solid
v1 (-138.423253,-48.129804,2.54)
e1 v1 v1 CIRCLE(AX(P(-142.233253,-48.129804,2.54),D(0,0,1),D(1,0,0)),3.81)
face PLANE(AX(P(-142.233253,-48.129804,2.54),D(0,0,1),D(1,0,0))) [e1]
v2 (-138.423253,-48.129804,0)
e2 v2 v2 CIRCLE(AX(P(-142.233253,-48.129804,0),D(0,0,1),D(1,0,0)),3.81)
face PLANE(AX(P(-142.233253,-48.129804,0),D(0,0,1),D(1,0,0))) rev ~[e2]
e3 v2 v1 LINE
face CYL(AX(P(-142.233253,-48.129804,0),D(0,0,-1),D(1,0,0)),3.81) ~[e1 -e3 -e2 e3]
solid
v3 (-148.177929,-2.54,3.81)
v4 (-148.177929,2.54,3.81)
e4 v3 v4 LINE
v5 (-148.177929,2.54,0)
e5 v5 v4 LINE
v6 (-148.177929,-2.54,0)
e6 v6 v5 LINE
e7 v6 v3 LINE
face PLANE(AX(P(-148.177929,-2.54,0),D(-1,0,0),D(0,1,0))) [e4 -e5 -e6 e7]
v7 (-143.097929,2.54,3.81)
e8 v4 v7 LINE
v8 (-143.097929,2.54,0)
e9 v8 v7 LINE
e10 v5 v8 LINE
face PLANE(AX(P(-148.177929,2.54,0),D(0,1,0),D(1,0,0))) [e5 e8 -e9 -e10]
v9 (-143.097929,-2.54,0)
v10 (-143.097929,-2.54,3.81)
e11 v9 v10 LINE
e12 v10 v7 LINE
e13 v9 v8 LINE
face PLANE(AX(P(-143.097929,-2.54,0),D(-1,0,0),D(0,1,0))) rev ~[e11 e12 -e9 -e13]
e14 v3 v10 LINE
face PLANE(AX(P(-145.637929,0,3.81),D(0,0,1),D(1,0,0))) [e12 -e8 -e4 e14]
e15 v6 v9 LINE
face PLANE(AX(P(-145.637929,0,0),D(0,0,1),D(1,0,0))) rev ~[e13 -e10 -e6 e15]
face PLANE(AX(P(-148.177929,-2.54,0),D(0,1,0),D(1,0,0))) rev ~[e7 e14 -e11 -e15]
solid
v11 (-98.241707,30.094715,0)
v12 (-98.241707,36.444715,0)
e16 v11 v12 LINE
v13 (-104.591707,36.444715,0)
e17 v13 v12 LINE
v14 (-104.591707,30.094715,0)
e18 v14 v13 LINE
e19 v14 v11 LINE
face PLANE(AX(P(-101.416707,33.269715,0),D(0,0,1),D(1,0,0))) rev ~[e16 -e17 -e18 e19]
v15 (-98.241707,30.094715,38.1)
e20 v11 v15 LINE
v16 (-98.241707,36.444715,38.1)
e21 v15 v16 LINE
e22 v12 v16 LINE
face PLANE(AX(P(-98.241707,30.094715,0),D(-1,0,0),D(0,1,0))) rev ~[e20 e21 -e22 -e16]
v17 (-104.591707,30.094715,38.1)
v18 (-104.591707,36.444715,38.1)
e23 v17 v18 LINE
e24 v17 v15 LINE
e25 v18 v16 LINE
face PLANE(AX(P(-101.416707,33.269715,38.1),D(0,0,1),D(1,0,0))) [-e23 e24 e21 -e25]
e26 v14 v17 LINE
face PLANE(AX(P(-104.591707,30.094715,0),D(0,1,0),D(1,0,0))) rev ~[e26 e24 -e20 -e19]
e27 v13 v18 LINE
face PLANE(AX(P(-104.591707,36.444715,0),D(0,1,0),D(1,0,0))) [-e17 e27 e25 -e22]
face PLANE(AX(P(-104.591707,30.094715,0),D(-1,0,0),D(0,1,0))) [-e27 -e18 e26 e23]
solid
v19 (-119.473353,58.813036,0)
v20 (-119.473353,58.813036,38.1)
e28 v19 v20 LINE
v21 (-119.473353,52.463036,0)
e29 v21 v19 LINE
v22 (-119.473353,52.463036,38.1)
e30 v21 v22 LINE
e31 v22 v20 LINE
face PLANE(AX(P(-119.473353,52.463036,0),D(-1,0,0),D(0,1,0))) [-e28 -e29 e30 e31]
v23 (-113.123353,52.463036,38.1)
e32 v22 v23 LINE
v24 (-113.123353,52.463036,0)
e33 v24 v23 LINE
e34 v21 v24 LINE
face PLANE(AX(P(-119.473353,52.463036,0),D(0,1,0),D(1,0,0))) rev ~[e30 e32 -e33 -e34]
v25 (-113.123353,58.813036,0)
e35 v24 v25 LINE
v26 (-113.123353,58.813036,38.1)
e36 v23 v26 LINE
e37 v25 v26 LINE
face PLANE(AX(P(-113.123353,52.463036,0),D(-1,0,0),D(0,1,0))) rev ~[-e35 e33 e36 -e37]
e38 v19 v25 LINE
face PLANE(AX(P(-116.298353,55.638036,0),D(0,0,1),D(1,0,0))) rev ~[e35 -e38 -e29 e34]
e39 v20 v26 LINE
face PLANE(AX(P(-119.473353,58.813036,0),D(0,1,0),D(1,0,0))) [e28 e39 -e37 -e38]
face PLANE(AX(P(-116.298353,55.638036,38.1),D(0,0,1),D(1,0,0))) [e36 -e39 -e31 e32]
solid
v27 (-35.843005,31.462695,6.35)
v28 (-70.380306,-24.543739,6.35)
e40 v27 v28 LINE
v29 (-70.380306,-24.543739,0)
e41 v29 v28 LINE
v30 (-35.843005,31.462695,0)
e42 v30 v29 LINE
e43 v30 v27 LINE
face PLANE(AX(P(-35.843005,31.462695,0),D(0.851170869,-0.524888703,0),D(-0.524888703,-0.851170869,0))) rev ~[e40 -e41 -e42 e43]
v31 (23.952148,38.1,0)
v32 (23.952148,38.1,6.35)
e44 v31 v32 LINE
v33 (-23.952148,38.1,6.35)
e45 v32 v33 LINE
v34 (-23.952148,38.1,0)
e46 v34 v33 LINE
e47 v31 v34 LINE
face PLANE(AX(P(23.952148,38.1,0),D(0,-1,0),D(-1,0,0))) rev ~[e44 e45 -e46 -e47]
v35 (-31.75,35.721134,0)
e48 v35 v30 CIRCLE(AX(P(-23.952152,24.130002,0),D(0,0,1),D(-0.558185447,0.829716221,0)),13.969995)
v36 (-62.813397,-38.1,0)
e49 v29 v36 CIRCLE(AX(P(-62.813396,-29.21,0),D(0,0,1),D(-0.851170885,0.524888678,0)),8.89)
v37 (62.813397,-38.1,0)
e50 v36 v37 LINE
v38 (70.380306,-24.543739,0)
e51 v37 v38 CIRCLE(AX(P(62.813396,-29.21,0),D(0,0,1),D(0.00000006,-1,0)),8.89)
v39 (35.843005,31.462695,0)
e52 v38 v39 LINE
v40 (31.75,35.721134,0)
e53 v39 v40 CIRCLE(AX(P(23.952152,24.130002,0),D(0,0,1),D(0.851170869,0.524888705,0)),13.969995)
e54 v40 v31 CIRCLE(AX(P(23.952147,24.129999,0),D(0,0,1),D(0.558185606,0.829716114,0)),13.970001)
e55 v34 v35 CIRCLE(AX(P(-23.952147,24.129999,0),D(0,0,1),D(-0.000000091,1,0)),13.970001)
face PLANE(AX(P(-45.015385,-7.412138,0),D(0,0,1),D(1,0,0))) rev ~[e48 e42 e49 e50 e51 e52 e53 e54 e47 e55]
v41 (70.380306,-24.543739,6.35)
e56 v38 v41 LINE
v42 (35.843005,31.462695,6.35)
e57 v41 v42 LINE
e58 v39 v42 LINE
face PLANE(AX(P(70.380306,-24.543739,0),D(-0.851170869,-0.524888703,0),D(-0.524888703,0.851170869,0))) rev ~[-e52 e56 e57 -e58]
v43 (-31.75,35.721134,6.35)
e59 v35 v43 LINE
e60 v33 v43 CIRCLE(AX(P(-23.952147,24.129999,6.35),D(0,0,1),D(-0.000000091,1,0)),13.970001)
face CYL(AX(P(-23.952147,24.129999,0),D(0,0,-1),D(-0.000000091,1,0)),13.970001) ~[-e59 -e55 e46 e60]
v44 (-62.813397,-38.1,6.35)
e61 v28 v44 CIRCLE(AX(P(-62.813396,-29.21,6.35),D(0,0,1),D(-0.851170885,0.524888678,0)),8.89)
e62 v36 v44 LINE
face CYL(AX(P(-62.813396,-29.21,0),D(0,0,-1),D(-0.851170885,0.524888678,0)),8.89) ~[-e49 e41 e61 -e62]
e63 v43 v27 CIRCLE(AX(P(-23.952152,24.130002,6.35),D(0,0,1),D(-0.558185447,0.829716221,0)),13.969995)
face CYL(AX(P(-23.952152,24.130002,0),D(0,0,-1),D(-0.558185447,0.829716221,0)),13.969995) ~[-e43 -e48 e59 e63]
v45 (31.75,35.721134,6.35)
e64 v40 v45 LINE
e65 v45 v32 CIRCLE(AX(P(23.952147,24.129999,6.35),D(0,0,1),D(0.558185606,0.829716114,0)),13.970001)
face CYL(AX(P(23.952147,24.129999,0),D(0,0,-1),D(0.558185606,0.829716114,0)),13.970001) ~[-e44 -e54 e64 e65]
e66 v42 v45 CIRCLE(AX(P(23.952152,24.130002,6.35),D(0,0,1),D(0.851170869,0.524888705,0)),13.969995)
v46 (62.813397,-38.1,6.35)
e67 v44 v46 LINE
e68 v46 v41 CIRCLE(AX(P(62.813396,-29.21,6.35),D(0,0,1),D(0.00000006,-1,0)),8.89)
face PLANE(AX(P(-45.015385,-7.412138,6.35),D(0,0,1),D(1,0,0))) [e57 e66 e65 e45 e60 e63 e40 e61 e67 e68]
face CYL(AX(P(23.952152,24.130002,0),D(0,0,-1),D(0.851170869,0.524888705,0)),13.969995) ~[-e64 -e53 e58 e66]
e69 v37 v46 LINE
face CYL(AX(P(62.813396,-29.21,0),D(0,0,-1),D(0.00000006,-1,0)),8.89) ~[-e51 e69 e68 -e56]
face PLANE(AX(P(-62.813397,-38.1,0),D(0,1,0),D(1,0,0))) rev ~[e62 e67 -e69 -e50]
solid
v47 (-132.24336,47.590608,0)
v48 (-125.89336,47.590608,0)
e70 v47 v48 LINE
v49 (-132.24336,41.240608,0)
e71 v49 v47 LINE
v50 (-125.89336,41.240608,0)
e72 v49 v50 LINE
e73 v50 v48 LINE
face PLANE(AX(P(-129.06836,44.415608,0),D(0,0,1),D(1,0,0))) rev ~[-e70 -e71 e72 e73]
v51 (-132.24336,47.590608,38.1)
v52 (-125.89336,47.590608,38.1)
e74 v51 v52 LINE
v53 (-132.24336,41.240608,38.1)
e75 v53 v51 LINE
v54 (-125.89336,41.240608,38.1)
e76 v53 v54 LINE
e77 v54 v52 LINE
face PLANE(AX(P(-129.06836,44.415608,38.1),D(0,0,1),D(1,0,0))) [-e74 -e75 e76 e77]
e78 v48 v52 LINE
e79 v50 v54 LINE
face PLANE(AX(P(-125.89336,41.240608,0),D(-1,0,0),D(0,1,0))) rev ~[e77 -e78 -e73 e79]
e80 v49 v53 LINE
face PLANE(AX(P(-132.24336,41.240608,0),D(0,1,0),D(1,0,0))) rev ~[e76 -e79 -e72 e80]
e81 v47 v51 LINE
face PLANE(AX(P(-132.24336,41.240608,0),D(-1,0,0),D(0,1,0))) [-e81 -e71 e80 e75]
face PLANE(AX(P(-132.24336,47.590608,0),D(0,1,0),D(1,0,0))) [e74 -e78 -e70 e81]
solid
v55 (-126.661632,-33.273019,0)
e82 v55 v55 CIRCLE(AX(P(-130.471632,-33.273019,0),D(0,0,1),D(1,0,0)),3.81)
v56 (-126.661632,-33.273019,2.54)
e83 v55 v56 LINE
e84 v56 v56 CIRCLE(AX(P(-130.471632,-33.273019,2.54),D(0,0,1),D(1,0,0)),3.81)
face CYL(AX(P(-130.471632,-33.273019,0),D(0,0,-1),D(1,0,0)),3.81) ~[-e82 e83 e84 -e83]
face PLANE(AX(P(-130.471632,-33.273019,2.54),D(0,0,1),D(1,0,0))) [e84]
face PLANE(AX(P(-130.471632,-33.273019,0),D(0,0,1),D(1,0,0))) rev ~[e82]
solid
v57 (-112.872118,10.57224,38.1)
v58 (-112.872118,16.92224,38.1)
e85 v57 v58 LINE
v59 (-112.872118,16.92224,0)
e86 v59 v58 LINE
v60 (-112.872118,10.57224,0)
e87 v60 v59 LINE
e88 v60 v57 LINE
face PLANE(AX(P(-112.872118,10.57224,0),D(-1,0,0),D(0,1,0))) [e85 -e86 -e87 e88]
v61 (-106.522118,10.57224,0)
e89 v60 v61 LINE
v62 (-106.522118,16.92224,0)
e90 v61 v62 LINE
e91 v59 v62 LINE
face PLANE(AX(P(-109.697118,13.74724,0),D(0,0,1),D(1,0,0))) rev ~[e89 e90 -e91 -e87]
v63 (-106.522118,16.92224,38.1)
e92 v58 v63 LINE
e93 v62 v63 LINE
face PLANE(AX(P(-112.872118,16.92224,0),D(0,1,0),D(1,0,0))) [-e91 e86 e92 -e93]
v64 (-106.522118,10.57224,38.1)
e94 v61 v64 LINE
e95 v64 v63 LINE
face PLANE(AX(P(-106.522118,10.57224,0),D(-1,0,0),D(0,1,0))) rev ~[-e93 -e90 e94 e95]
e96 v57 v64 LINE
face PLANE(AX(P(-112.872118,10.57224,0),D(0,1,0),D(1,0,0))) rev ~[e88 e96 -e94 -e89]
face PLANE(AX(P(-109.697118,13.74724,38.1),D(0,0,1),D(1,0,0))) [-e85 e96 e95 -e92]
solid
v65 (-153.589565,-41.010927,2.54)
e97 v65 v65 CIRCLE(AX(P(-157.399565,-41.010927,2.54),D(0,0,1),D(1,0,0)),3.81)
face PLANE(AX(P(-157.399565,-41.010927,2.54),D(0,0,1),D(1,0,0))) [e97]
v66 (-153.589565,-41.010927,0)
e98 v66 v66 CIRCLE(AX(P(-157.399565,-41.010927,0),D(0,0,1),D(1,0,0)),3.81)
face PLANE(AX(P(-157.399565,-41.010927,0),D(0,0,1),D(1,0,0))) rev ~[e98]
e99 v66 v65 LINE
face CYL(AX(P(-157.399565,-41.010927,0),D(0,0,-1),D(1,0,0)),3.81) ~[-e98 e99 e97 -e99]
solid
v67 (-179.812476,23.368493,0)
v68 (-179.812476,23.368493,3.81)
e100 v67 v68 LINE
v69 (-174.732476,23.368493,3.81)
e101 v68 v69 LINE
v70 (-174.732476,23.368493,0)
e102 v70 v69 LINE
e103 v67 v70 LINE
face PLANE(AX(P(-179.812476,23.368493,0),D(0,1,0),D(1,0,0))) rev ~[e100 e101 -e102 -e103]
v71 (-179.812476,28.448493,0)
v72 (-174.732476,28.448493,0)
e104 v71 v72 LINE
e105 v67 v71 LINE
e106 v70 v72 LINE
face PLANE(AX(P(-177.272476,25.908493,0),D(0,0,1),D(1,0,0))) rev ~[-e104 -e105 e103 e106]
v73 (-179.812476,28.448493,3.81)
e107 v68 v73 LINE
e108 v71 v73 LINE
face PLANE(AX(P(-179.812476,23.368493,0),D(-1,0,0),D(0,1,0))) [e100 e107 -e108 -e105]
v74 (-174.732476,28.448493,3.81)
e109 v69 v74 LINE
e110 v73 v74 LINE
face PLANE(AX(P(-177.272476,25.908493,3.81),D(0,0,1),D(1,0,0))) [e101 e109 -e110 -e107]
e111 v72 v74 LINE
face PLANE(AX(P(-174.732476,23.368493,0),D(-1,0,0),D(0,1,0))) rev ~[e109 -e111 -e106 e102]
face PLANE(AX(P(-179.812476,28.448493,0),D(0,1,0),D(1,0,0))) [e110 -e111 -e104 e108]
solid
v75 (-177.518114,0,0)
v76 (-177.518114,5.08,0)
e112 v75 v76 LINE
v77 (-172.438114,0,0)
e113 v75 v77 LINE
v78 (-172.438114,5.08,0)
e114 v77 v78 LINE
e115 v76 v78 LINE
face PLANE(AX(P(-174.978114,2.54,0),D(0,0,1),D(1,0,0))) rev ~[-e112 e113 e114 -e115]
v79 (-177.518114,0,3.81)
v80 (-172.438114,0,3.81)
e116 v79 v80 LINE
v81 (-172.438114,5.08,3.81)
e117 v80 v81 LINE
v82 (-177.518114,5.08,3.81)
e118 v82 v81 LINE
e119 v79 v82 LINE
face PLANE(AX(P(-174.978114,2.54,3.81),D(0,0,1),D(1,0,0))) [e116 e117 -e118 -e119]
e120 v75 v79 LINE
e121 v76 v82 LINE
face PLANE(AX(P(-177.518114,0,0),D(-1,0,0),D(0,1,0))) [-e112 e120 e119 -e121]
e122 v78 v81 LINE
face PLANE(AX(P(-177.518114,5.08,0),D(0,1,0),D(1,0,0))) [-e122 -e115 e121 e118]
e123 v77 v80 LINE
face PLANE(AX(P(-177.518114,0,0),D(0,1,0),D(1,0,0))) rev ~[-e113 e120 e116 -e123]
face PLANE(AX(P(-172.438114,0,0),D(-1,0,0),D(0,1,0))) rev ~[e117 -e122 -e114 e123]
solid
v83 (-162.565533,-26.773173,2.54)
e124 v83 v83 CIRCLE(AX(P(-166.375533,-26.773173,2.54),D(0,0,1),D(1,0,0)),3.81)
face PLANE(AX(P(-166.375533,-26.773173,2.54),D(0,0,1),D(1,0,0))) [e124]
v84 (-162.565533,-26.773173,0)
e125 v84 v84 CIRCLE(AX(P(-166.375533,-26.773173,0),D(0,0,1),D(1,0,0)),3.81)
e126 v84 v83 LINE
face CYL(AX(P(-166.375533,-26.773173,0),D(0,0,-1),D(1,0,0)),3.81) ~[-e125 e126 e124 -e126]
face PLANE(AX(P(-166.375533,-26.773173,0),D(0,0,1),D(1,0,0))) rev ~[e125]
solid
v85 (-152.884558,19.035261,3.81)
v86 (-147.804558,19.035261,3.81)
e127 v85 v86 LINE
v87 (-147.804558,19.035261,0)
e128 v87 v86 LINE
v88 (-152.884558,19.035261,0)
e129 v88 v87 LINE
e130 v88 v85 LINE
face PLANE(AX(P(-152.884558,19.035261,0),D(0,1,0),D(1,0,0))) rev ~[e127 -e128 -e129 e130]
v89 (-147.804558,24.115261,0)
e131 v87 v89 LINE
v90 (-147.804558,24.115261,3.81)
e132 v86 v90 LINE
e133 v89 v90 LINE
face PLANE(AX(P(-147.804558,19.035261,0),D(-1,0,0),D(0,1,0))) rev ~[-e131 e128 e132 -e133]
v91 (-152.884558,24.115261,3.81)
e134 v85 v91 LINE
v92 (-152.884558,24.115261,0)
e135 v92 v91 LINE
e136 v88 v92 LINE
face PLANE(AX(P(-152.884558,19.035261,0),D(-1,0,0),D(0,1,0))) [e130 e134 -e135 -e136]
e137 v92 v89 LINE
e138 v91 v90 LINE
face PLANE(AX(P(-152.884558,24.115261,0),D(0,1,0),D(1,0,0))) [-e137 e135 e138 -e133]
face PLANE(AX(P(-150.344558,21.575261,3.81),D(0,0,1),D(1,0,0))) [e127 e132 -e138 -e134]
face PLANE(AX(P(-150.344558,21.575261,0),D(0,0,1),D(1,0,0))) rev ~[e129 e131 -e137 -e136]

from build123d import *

# Parameters (mm, degrees)
F1_DEPTH = 6.35
F2_W     = 6.35
F2_H     = 6.35
F3_DEPTH = 38.1
F4_W     = 5.08
F4_H     = 5.08
F5_DEPTH = 3.81
F6_R     = 3.81
F7_DEPTH = 2.54


with BuildPart() as f1:
    # F0 (on Top) → F1 (new body)
    with BuildSketch(Plane.XY):
        with BuildLine():
            Line((-31.75, -38.1), (-31.75, 35.721134))
            ThreePointArc((-31.75, 35.721134), (-34.024133, 33.810703), (-35.843005, 31.462695))
            Line((-35.843005, 31.462695), (-70.380306, -24.543739))
            ThreePointArc((-70.380306, -24.543739), (-70.575972, -33.542958), (-62.813397, -38.1))
            Line((-62.813397, -38.1), (-31.75, -38.1))
        make_face()
        with BuildLine():
            Line((23.952148, 38.1), (-23.952148, 38.1))
            ThreePointArc((-23.952148, 38.1), (-28.028467, 37.492055), (-31.75, 35.721134))
            Line((-31.75, 35.721134), (-31.75, -38.1))
            Line((-31.75, -38.1), (31.75, -38.1))
            Line((31.75, -38.1), (31.75, 35.721134))
            ThreePointArc((31.75, 35.721134), (28.028467, 37.492055), (23.952148, 38.1))
        make_face()
        with BuildLine():
            ThreePointArc((35.843005, 31.462695), (34.024133, 33.810703), (31.75, 35.721134))
            Line((31.75, 35.721134), (31.75, -38.1))
            Line((31.75, -38.1), (62.813397, -38.1))
            ThreePointArc((62.813397, -38.1), (70.575972, -33.542958), (70.380306, -24.543739))
            Line((70.380306, -24.543739), (35.843005, 31.462695))
        make_face()
    extrude(amount=F1_DEPTH)


with BuildPart() as f3:
    # F2 (on Top) → F3 (new body)
    with BuildSketch(Plane.XY):
        with Locations((-116.298353, 55.638036)):
            Rectangle(F2_W, F2_H)
        with Locations((-109.697118, 13.74724)):
            Rectangle(F2_W, F2_H)
        with Locations((-101.416707, 33.269715)):
            Rectangle(F2_W, F2_H)
        with Locations((-129.06836, 44.415608)):
            Rectangle(F2_W, F2_H)
    extrude(amount=F3_DEPTH)


with BuildPart() as f5:
    # F4 (on Top) → F5 (new body)
    with BuildSketch(Plane.XY):
        with Locations((-177.272476, 25.908493)):
            Rectangle(F4_W, F4_H)
        with Locations((-174.978114, 2.54)):
            Rectangle(F4_W, F4_H)
        with Locations((-145.637929, 0)):
            Rectangle(F4_W, F4_H)
        with Locations((-150.344558, 21.575261)):
            Rectangle(F4_W, F4_H)
    extrude(amount=F5_DEPTH)


with BuildPart() as f7:
    # F6 (on Top) → F7 (new body)
    with BuildSketch(Plane.XY):
        with Locations((-166.375533, -26.773173)):
            Circle(F6_R)
        with Locations((-142.233253, -48.129804)):
            Circle(F6_R)
        with Locations((-157.399565, -41.010927)):
            Circle(F6_R)
        with Locations((-130.471632, -33.273019)):
            Circle(F6_R)
    extrude(amount=F7_DEPTH)


solid = Compound([f1.part, f3.part, f5.part, f7.part])
